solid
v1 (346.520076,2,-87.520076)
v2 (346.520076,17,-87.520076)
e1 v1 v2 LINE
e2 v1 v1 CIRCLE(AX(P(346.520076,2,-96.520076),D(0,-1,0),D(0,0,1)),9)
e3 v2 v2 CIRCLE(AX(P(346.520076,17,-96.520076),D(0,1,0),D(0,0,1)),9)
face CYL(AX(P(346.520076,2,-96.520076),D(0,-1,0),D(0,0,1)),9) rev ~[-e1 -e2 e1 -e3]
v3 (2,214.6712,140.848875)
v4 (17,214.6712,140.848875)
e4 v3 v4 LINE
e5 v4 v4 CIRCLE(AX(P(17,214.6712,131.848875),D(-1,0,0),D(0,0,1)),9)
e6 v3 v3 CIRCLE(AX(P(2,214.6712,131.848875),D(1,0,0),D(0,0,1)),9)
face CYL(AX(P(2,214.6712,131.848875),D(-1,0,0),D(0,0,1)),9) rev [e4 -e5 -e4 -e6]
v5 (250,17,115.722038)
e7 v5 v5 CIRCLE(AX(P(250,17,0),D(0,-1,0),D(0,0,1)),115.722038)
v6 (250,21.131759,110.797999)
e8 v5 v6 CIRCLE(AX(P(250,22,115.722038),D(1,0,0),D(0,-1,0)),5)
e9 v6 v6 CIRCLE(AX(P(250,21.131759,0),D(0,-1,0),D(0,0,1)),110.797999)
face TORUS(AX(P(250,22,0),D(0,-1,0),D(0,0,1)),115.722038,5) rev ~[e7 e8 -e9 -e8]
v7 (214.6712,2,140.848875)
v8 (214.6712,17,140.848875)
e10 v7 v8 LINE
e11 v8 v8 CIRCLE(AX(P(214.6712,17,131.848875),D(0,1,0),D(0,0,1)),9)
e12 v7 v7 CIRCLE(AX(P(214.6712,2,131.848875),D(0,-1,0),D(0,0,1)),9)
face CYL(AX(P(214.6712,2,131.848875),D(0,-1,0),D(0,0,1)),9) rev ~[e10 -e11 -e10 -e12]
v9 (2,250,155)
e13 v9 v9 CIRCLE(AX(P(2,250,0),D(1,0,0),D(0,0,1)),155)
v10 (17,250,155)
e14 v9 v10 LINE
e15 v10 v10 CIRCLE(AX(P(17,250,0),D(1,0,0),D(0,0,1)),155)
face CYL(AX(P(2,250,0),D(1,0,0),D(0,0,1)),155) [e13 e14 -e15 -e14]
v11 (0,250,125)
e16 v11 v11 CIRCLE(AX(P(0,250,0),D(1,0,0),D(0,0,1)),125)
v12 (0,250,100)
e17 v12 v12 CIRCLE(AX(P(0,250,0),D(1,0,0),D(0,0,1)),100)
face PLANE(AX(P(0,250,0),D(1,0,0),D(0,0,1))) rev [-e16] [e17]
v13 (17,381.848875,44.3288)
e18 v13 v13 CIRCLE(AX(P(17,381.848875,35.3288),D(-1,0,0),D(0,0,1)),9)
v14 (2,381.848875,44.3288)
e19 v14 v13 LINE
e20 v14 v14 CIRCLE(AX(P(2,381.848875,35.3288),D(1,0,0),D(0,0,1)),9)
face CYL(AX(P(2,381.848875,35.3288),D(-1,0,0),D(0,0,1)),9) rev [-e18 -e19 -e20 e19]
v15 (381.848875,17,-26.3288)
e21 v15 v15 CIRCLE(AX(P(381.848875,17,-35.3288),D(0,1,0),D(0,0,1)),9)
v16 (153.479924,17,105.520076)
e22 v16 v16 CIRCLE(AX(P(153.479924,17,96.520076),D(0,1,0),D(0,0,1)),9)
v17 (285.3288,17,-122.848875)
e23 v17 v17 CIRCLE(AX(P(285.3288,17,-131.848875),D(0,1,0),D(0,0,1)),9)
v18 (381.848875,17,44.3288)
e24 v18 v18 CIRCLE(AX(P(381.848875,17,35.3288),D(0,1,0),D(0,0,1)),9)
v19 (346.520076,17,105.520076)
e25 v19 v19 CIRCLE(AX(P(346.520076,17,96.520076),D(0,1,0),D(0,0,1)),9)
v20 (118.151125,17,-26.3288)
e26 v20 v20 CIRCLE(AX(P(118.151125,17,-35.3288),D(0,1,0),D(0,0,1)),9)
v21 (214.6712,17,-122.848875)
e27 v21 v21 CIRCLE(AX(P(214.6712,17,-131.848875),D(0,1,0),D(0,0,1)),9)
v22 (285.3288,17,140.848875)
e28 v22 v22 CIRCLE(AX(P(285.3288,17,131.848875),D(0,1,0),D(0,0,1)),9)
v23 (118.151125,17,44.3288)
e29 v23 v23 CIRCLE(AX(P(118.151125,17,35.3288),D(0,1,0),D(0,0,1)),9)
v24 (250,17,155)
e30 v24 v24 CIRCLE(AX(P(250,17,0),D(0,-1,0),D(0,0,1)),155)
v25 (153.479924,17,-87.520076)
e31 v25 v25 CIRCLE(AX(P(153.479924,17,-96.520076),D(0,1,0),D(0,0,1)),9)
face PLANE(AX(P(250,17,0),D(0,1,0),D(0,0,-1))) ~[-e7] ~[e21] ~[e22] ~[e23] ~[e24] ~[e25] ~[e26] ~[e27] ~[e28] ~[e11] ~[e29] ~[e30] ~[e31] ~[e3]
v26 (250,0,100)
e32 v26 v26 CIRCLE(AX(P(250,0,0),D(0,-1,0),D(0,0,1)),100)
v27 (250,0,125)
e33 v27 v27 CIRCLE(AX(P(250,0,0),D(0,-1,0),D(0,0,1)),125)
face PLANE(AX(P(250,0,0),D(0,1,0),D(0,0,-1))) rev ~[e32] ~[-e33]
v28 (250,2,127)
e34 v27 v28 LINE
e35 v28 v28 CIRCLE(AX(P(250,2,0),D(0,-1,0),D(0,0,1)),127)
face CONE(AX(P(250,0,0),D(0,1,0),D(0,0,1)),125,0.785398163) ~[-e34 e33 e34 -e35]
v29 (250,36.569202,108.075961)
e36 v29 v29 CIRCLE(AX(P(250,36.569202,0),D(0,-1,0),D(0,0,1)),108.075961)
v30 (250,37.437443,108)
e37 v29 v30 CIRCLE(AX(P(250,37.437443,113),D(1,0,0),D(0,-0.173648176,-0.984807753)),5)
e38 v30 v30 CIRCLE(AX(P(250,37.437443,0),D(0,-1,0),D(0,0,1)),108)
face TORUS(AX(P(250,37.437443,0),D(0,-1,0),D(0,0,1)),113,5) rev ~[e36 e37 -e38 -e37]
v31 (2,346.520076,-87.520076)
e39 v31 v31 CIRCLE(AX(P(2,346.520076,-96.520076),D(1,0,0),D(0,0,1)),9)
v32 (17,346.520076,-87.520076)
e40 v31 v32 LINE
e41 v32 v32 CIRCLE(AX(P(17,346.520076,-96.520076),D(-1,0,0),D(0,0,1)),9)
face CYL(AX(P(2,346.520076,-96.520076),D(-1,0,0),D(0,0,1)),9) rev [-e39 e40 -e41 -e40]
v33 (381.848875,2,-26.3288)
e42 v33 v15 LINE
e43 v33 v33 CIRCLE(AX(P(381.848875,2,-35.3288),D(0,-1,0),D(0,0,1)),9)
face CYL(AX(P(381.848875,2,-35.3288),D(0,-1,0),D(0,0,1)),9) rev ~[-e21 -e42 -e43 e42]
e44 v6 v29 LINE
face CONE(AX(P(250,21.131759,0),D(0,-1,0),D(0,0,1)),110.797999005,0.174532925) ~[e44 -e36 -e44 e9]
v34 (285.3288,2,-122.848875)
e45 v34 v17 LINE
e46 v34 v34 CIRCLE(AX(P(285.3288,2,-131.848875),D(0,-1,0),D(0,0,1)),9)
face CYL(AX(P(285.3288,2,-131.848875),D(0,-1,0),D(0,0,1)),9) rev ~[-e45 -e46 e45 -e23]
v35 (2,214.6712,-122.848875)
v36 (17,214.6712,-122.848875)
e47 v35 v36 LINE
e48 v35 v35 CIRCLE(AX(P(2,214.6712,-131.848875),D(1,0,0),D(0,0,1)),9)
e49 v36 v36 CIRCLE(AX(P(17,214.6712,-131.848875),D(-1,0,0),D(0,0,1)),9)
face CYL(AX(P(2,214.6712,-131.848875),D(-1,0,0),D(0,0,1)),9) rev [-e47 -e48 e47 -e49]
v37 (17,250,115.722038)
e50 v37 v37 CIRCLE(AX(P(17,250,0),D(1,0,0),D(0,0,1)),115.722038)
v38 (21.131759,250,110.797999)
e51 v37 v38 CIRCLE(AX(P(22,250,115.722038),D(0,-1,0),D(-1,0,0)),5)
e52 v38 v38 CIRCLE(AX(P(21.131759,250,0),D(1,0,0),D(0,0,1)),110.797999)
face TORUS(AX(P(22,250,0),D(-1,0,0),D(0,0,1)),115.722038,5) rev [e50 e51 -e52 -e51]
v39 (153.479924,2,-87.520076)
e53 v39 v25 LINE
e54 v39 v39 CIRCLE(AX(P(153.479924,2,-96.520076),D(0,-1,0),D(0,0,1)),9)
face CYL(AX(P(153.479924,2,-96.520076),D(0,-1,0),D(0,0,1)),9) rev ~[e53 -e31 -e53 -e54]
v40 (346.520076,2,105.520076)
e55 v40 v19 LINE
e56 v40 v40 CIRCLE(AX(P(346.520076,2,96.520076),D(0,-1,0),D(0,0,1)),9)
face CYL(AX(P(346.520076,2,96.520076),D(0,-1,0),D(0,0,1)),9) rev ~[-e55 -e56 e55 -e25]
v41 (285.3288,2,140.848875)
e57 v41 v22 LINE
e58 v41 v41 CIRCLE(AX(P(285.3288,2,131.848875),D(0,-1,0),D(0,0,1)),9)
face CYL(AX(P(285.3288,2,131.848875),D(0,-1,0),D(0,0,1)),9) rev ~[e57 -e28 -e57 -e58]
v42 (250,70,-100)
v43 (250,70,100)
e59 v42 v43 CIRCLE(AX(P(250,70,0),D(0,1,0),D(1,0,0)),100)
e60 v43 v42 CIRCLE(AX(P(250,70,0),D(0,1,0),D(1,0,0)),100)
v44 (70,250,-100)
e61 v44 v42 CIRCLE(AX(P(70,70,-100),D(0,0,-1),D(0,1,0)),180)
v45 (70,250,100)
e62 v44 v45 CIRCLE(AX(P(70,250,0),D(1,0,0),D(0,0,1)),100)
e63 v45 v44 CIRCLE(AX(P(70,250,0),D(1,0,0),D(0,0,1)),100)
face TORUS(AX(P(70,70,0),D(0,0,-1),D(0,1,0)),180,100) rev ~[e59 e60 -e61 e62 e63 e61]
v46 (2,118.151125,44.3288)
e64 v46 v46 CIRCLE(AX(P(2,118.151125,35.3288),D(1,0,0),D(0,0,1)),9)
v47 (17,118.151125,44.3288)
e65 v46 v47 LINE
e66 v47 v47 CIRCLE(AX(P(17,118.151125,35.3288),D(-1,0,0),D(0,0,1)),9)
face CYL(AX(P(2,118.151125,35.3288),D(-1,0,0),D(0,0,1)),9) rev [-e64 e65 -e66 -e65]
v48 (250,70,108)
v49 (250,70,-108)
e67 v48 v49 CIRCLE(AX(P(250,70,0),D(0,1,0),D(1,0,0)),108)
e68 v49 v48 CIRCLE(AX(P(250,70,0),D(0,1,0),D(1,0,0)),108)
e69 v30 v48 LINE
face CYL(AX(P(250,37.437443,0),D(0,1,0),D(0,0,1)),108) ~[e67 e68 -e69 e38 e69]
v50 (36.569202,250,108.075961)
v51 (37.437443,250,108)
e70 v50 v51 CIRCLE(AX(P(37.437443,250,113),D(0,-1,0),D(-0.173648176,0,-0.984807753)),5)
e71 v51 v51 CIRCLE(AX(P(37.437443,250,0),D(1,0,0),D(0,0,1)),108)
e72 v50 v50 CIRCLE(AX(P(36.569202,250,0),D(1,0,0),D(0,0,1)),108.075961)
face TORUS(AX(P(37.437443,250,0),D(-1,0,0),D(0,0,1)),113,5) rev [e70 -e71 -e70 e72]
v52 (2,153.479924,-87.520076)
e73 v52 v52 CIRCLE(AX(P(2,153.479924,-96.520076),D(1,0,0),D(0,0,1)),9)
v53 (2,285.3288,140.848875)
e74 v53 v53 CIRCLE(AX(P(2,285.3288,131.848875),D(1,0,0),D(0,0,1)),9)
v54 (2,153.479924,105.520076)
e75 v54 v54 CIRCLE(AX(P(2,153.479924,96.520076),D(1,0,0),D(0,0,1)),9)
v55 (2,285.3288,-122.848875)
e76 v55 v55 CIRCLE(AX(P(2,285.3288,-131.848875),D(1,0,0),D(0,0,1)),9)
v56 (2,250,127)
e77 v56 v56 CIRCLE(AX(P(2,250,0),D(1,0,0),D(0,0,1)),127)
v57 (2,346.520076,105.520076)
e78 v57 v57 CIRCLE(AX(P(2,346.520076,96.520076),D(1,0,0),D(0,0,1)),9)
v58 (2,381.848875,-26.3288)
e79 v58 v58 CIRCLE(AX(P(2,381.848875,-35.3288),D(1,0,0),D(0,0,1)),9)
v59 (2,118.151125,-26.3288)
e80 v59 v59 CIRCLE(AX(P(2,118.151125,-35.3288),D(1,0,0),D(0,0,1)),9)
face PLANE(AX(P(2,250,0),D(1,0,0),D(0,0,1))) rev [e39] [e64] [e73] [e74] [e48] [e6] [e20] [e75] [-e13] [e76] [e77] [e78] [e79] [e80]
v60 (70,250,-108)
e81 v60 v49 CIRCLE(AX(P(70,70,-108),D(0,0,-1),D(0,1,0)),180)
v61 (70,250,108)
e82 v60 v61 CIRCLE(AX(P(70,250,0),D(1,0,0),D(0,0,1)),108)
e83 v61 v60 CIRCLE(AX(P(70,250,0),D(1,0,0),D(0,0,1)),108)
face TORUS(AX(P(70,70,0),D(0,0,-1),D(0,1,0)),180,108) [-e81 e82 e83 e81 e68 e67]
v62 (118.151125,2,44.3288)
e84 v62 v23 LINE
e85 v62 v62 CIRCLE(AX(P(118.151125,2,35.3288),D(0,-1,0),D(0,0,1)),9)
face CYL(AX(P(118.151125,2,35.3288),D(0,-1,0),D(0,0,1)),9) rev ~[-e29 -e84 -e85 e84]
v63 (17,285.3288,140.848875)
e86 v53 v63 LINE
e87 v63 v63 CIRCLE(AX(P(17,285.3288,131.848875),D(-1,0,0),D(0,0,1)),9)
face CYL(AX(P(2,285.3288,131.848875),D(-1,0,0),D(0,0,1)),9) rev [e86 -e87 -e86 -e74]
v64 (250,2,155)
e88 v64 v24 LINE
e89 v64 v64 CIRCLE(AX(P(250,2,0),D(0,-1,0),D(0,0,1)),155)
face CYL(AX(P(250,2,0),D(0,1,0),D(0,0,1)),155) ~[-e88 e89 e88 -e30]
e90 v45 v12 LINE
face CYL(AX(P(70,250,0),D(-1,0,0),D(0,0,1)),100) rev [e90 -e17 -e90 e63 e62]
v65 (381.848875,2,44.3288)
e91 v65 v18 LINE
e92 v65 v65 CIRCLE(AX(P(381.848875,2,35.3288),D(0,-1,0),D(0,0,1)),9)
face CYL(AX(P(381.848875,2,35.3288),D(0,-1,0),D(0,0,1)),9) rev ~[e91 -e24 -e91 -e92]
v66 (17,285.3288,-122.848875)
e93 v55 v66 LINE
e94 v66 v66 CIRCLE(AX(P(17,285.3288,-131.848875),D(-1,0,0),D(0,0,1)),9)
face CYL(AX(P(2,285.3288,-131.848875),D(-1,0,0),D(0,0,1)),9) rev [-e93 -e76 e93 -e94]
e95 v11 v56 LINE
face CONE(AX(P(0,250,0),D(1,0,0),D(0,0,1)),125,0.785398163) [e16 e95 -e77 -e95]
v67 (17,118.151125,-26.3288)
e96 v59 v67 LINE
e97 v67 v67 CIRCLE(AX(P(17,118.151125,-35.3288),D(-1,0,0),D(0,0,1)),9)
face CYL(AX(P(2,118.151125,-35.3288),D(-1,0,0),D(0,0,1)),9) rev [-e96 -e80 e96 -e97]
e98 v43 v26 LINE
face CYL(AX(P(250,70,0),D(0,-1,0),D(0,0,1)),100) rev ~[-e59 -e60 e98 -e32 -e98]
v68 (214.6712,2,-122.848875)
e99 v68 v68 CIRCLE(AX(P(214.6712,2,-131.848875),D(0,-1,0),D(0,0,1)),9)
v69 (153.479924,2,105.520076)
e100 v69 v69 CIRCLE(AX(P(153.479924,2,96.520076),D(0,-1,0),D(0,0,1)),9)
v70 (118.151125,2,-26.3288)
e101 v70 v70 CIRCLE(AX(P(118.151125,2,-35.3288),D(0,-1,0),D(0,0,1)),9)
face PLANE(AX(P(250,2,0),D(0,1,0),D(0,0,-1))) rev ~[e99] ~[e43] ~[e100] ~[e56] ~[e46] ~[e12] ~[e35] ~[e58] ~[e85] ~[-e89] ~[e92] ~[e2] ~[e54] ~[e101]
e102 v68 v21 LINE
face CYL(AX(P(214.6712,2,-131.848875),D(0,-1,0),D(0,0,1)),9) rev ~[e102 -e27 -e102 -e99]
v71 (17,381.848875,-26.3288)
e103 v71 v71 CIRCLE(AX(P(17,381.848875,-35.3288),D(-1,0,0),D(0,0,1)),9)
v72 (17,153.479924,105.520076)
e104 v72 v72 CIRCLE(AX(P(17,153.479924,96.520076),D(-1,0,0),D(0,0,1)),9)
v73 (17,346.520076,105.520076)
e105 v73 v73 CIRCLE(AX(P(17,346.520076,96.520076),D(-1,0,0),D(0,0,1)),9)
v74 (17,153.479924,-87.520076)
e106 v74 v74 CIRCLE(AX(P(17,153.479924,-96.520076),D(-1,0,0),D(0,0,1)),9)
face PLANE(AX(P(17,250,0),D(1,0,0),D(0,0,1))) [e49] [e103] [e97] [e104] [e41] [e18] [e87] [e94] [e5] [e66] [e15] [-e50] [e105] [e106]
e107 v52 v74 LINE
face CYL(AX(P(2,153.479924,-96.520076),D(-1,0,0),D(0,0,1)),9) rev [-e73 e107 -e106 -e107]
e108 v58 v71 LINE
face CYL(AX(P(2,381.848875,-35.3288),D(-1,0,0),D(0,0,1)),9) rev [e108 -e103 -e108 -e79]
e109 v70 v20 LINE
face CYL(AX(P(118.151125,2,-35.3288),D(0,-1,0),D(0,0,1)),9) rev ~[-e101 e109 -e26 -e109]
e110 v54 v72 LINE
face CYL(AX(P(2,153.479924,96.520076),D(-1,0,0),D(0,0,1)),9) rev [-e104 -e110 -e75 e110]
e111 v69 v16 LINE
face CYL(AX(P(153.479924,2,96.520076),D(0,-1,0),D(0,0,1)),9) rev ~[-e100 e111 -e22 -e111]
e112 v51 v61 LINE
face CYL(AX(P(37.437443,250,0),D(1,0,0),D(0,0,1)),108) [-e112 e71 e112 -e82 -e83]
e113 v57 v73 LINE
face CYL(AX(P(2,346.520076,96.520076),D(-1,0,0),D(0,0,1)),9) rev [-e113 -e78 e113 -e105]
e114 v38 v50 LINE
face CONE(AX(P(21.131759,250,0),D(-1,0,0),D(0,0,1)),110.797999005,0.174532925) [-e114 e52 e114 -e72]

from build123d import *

# Parameters (mm, degrees)
CUT_EXTRUDE_1_REACH = 440.946
SKETCH_4_R          = 9
SKETCH_3_R          = 108
SKETCH_3_R_2        = 100


with BuildPart() as part:
    # Эскиз1 → Повернуть1 (revolve)
    with BuildSketch(Plane.XY, mode=Mode.PRIVATE) as revolve_1_sk:
        with BuildLine():
            Line((0, 350), (0, 375))
            Line((0, 375), (2, 377))
            Line((2, 377), (2, 405))
            Line((2, 405), (17, 405))
            Line((17, 405), (17, 365.72203777))
            ThreePointArc((17, 365.72203777), (18.169777784, 362.508099722), (21.131759112, 360.797999005))
            Line((21.131759112, 360.797999005), (36.569202429, 358.075961235))
            ThreePointArc((36.569202429, 358.075961235), (37.001664604, 358.01902651), (37.437443318, 358))
            Line((37.437443318, 358), (70, 358))
            Line((70, 358), (70, 350))
            Line((70, 350), (0, 350))
        make_face()
    revolve_1 = revolve(revolve_1_sk.sketch.rotate(Axis((0, 250, 0), (1, 0, 0)), 90), axis=Axis((0, 250, 0), (1, 0, 0)))

    # Эскиз4 → Вырез-Вытянуть1 (cut, up to next)
    with BuildSketch(Plane(origin=(2, 0, 0), x_dir=(0, 0, -1), z_dir=(1, 0, 0)), mode=Mode.PRIVATE) as cut_extrude_1_sk1:
        with Locations(Location((-35.328799656, 381.848875288, 0), (0, 0, 180))):
            Circle(SKETCH_4_R)
    cut_extrude_1_tool1 = extrude(cut_extrude_1_sk1.sketch, amount=CUT_EXTRUDE_1_REACH, mode=Mode.PRIVATE) & part.part
    # Эскиз4 → Вырез-Вытянуть1 (cut, up to next)
    with BuildSketch(Plane(origin=(2, 0, 0), x_dir=(0, 0, -1), z_dir=(1, 0, 0)), mode=Mode.PRIVATE) as cut_extrude_1_sk2:
        with Locations(Location((35.328799656, 381.848875288, 0), (0, 0, 180))):
            Circle(SKETCH_4_R)
    cut_extrude_1_tool2 = extrude(cut_extrude_1_sk2.sketch, amount=CUT_EXTRUDE_1_REACH, mode=Mode.PRIVATE) & part.part
    # Эскиз4 → Вырез-Вытянуть1 (cut, up to next)
    with BuildSketch(Plane(origin=(2, 0, 0), x_dir=(0, 0, -1), z_dir=(1, 0, 0)), mode=Mode.PRIVATE) as cut_extrude_1_sk3:
        with Locations(Location((96.520075632, 346.520075632, 0), (0, 0, 180))):
            Circle(SKETCH_4_R)
    cut_extrude_1_tool3 = extrude(cut_extrude_1_sk3.sketch, amount=CUT_EXTRUDE_1_REACH, mode=Mode.PRIVATE) & part.part
    # Эскиз4 → Вырез-Вытянуть1 (cut, up to next)
    with BuildSketch(Plane(origin=(2, 0, 0), x_dir=(0, 0, -1), z_dir=(1, 0, 0)), mode=Mode.PRIVATE) as cut_extrude_1_sk4:
        with Locations(Location((131.848875288, 285.328799656, 0), (0, 0, 180))):
            Circle(SKETCH_4_R)
    cut_extrude_1_tool4 = extrude(cut_extrude_1_sk4.sketch, amount=CUT_EXTRUDE_1_REACH, mode=Mode.PRIVATE) & part.part
    # Эскиз4 → Вырез-Вытянуть1 (cut, up to next)
    with BuildSketch(Plane(origin=(2, 0, 0), x_dir=(0, 0, -1), z_dir=(1, 0, 0)), mode=Mode.PRIVATE) as cut_extrude_1_sk5:
        with Locations(Location((131.848875288, 214.671200344, 0), (0, 0, 180))):
            Circle(SKETCH_4_R)
    cut_extrude_1_tool5 = extrude(cut_extrude_1_sk5.sketch, amount=CUT_EXTRUDE_1_REACH, mode=Mode.PRIVATE) & part.part
    # Эскиз4 → Вырез-Вытянуть1 (cut, up to next)
    with BuildSketch(Plane(origin=(2, 0, 0), x_dir=(0, 0, -1), z_dir=(1, 0, 0)), mode=Mode.PRIVATE) as cut_extrude_1_sk6:
        with Locations(Location((96.520075632, 153.479924368, 0), (0, 0, 180))):
            Circle(SKETCH_4_R)
    cut_extrude_1_tool6 = extrude(cut_extrude_1_sk6.sketch, amount=CUT_EXTRUDE_1_REACH, mode=Mode.PRIVATE) & part.part
    # Эскиз4 → Вырез-Вытянуть1 (cut, up to next)
    with BuildSketch(Plane(origin=(2, 0, 0), x_dir=(0, 0, -1), z_dir=(1, 0, 0)), mode=Mode.PRIVATE) as cut_extrude_1_sk7:
        with Locations(Location((35.328799656, 118.151124712, 0), (0, 0, 180))):
            Circle(SKETCH_4_R)
    cut_extrude_1_tool7 = extrude(cut_extrude_1_sk7.sketch, amount=CUT_EXTRUDE_1_REACH, mode=Mode.PRIVATE) & part.part
    # Эскиз4 → Вырез-Вытянуть1 (cut, up to next)
    with BuildSketch(Plane(origin=(2, 0, 0), x_dir=(0, 0, -1), z_dir=(1, 0, 0)), mode=Mode.PRIVATE) as cut_extrude_1_sk8:
        with Locations(Location((-35.328799656, 118.151124712, 0), (0, 0, 180))):
            Circle(SKETCH_4_R)
    cut_extrude_1_tool8 = extrude(cut_extrude_1_sk8.sketch, amount=CUT_EXTRUDE_1_REACH, mode=Mode.PRIVATE) & part.part
    # Эскиз4 → Вырез-Вытянуть1 (cut, up to next)
    with BuildSketch(Plane(origin=(2, 0, 0), x_dir=(0, 0, -1), z_dir=(1, 0, 0)), mode=Mode.PRIVATE) as cut_extrude_1_sk9:
        with Locations(Location((-96.520075632, 153.479924368, 0), (0, 0, 180))):
            Circle(SKETCH_4_R)
    cut_extrude_1_tool9 = extrude(cut_extrude_1_sk9.sketch, amount=CUT_EXTRUDE_1_REACH, mode=Mode.PRIVATE) & part.part
    # Эскиз4 → Вырез-Вытянуть1 (cut, up to next)
    with BuildSketch(Plane(origin=(2, 0, 0), x_dir=(0, 0, -1), z_dir=(1, 0, 0)), mode=Mode.PRIVATE) as cut_extrude_1_sk10:
        with Locations(Location((-131.848875288, 214.671200344, 0), (0, 0, 180))):
            Circle(SKETCH_4_R)
    cut_extrude_1_tool10 = extrude(cut_extrude_1_sk10.sketch, amount=CUT_EXTRUDE_1_REACH, mode=Mode.PRIVATE) & part.part
    # Эскиз4 → Вырез-Вытянуть1 (cut, up to next)
    with BuildSketch(Plane(origin=(2, 0, 0), x_dir=(0, 0, -1), z_dir=(1, 0, 0)), mode=Mode.PRIVATE) as cut_extrude_1_sk11:
        with Locations(Location((-131.848875288, 285.328799656, 0), (0, 0, 180))):
            Circle(SKETCH_4_R)
    cut_extrude_1_tool11 = extrude(cut_extrude_1_sk11.sketch, amount=CUT_EXTRUDE_1_REACH, mode=Mode.PRIVATE) & part.part
    # Эскиз4 → Вырез-Вытянуть1 (cut, up to next)
    with BuildSketch(Plane(origin=(2, 0, 0), x_dir=(0, 0, -1), z_dir=(1, 0, 0)), mode=Mode.PRIVATE) as cut_extrude_1_sk12:
        with Locations(Location((-96.520075632, 346.520075632, 0), (0, 0, 180))):
            Circle(SKETCH_4_R)
    cut_extrude_1_tool12 = extrude(cut_extrude_1_sk12.sketch, amount=CUT_EXTRUDE_1_REACH, mode=Mode.PRIVATE) & part.part
    cut_extrude_1_1 = cut_extrude_1_tool1.solids().sort_by_distance((2, 381.848875, 35.3288))[0]
    add(cut_extrude_1_1, mode=Mode.SUBTRACT)
    cut_extrude_1_2 = cut_extrude_1_tool2.solids().sort_by_distance((2, 381.848875, -35.3288))[0]
    add(cut_extrude_1_2, mode=Mode.SUBTRACT)
    cut_extrude_1_3 = cut_extrude_1_tool3.solids().sort_by_distance((2, 346.520076, -96.520076))[0]
    add(cut_extrude_1_3, mode=Mode.SUBTRACT)
    cut_extrude_1_4 = cut_extrude_1_tool4.solids().sort_by_distance((2, 285.3288, -131.848875))[0]
    add(cut_extrude_1_4, mode=Mode.SUBTRACT)
    cut_extrude_1_5 = cut_extrude_1_tool5.solids().sort_by_distance((2, 214.6712, -131.848875))[0]
    add(cut_extrude_1_5, mode=Mode.SUBTRACT)
    cut_extrude_1_6 = cut_extrude_1_tool6.solids().sort_by_distance((2, 153.479924, -96.520076))[0]
    add(cut_extrude_1_6, mode=Mode.SUBTRACT)
    cut_extrude_1_7 = cut_extrude_1_tool7.solids().sort_by_distance((2, 118.151125, -35.3288))[0]
    add(cut_extrude_1_7, mode=Mode.SUBTRACT)
    cut_extrude_1_8 = cut_extrude_1_tool8.solids().sort_by_distance((2, 118.151125, 35.3288))[0]
    add(cut_extrude_1_8, mode=Mode.SUBTRACT)
    cut_extrude_1_9 = cut_extrude_1_tool9.solids().sort_by_distance((2, 153.479924, 96.520076))[0]
    add(cut_extrude_1_9, mode=Mode.SUBTRACT)
    cut_extrude_1_10 = cut_extrude_1_tool10.solids().sort_by_distance((2, 214.6712, 131.848875))[0]
    add(cut_extrude_1_10, mode=Mode.SUBTRACT)
    cut_extrude_1_11 = cut_extrude_1_tool11.solids().sort_by_distance((2, 285.3288, 131.848875))[0]
    add(cut_extrude_1_11, mode=Mode.SUBTRACT)
    cut_extrude_1_12 = cut_extrude_1_tool12.solids().sort_by_distance((2, 346.520076, 96.520076))[0]
    add(cut_extrude_1_12, mode=Mode.SUBTRACT)
    cut_extrude_1 = cut_extrude_1_1 + cut_extrude_1_2 + cut_extrude_1_3 + cut_extrude_1_4 + cut_extrude_1_5 + cut_extrude_1_6 + cut_extrude_1_7 + cut_extrude_1_8 + cut_extrude_1_9 + cut_extrude_1_10 + cut_extrude_1_11 + cut_extrude_1_12  # Вырез-Вытянуть1 as one shape, for the pattern or mirror that repeats it

    # По траектории1: sweep along a path in Эскиз2
    with BuildLine(Plane.XY) as sweep_1_path:
        ThreePointArc((70, 250), (197.279220614, 197.279220614), (250, 70))
    # Эскиз3 → По траектории1 (sweep)
    with BuildSketch(Plane(origin=(70, 0, 0), x_dir=(0, 0, -1), z_dir=(1, 0, 0))):
        with Locations((0, 250)):
            Circle(SKETCH_3_R)
        with Locations((0, 250)):
            Circle(SKETCH_3_R_2, mode=Mode.SUBTRACT)
    sweep(path=sweep_1_path.line)

    # Зеркальное отражение1: Повернуть1, Вырез-Вытянуть1 across plane
    add(revolve_1.mirror(Plane(origin=(0, 0, 0), x_dir=(0, 0, 1), z_dir=(0.7071067811865475, -0.7071067811865477, 0))))
    add(cut_extrude_1.mirror(Plane(origin=(0, 0, 0), x_dir=(0, 0, 1), z_dir=(0.7071067811865475, -0.7071067811865477, 0))), mode=Mode.SUBTRACT)


solid = part.part
